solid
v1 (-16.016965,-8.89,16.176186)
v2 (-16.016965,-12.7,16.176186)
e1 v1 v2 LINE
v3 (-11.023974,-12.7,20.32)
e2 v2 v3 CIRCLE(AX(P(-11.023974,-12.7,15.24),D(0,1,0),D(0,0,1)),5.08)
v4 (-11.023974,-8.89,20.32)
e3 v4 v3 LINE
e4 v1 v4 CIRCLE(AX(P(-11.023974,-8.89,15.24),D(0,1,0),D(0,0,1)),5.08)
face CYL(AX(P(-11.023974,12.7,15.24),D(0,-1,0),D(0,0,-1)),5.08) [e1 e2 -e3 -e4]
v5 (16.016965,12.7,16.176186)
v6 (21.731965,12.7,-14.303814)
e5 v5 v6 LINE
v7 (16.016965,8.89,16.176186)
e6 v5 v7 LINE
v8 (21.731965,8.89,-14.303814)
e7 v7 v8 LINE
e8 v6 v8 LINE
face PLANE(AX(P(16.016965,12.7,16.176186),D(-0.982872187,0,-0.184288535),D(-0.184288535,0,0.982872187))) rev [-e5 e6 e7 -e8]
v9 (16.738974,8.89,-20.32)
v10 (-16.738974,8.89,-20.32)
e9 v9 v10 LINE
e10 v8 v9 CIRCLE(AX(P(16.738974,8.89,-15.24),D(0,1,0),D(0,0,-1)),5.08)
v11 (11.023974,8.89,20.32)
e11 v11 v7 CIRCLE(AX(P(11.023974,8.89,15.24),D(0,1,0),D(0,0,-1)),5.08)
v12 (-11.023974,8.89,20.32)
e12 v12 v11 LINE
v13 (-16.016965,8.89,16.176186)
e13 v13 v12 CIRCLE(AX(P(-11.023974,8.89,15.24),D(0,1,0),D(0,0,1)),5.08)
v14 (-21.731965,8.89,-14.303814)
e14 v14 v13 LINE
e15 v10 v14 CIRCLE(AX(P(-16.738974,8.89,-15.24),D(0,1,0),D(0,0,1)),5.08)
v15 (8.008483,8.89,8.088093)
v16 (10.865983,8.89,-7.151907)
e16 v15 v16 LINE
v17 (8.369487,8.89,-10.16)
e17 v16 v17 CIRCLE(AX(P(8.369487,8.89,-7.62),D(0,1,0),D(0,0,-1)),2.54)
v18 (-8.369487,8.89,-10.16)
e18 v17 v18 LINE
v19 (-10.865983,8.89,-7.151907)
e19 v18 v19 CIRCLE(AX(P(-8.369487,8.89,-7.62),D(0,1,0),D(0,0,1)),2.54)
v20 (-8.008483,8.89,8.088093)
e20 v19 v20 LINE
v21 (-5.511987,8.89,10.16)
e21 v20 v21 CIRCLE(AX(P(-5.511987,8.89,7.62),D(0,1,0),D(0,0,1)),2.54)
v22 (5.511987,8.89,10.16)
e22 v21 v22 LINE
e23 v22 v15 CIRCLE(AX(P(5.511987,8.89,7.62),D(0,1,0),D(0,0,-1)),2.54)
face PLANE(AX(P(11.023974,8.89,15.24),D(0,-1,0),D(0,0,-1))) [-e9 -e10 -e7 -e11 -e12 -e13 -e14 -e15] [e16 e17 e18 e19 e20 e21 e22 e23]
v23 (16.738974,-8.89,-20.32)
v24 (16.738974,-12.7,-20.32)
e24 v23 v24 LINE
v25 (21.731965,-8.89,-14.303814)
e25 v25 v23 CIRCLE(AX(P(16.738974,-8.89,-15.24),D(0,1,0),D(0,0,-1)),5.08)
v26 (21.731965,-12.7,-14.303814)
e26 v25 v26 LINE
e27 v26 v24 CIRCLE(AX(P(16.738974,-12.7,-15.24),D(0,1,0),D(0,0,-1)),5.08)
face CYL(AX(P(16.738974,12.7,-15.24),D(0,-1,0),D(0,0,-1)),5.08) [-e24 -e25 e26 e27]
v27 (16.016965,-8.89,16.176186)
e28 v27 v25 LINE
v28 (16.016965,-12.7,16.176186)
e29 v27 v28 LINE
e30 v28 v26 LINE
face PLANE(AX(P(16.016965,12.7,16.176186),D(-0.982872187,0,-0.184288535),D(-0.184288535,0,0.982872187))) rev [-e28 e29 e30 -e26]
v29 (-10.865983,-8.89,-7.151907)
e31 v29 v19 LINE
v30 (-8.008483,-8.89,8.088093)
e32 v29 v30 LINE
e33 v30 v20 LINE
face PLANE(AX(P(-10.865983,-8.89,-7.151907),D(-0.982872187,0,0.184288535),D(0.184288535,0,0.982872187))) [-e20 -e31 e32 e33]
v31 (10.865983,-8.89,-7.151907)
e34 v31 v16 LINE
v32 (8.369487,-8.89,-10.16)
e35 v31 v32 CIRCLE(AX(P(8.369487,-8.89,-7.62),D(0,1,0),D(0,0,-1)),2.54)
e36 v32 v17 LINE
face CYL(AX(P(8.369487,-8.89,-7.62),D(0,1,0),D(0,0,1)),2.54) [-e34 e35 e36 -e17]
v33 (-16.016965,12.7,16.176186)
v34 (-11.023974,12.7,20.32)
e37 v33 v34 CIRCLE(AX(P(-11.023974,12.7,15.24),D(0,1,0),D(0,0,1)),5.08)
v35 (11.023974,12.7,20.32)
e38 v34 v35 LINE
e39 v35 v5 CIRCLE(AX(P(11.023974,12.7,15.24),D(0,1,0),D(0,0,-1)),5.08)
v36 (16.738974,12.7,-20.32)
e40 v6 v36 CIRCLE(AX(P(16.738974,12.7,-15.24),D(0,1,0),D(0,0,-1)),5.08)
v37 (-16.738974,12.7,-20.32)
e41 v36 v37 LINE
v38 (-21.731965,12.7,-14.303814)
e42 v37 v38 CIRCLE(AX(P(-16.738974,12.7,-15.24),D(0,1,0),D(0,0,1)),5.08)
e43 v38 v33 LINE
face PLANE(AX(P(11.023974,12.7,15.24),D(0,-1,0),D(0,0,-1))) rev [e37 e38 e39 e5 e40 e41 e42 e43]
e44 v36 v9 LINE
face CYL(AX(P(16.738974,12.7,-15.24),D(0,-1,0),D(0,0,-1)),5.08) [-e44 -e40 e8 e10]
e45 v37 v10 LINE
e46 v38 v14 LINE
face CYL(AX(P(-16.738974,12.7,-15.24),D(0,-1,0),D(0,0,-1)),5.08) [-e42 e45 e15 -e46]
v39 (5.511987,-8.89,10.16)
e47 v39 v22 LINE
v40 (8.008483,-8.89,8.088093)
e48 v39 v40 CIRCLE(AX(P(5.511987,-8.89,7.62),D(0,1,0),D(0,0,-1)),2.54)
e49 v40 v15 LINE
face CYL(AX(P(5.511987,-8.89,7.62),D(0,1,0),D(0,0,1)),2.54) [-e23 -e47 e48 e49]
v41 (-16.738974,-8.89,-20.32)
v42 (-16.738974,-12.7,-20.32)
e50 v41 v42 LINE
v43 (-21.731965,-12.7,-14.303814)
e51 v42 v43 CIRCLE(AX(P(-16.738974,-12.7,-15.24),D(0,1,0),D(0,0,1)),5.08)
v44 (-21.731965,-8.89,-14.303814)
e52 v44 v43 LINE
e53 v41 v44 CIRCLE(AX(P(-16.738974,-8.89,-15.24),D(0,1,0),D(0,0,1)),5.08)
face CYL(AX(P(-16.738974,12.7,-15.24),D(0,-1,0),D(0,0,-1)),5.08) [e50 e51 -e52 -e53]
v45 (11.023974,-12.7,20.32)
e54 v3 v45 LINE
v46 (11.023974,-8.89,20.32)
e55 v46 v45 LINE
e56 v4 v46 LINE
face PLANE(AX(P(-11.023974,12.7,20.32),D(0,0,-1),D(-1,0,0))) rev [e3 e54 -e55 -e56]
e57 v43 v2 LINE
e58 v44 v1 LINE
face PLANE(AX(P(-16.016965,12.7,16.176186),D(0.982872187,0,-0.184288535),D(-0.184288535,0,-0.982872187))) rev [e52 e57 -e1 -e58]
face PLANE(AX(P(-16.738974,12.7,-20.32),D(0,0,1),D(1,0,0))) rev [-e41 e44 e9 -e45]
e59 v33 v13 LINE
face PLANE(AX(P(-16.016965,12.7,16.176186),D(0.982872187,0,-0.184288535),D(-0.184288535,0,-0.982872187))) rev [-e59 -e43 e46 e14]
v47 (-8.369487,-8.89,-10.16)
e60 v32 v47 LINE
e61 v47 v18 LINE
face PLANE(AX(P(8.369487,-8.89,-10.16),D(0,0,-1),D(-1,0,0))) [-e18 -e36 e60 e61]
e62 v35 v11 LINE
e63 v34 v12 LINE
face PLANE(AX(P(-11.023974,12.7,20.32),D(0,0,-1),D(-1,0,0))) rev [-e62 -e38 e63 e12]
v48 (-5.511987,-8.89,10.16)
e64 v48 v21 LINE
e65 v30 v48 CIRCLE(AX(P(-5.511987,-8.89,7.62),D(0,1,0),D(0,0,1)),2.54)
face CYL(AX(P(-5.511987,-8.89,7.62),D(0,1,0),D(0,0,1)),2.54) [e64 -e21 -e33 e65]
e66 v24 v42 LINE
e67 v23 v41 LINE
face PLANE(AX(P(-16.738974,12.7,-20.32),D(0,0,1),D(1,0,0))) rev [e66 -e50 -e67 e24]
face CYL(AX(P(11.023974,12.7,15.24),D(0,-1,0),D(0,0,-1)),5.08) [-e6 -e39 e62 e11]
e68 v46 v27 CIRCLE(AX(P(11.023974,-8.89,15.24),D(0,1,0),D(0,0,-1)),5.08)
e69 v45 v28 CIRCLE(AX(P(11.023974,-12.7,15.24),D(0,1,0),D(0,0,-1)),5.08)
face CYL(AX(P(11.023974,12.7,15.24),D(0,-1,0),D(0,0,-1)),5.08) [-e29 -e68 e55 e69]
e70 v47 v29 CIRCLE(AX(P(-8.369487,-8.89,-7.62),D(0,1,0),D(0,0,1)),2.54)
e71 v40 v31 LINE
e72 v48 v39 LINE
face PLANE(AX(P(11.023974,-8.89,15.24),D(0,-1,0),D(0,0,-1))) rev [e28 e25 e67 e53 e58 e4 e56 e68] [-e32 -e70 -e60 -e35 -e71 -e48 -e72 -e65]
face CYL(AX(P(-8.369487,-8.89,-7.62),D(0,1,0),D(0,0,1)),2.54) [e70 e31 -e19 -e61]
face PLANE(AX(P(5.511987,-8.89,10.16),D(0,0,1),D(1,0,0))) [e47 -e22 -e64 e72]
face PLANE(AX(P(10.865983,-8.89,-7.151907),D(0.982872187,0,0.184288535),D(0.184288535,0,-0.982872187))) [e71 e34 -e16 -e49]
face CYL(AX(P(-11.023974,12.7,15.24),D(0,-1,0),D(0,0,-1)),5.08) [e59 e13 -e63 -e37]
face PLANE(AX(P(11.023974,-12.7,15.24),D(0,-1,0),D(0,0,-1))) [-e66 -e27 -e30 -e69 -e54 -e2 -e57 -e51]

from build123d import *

# Parameters (mm, degrees)
BOSS_EXTRUDE1_DEPTH = 12.7
CUT_EXTRUDE1_DEPTH  = 8.89


with BuildPart() as part:
    # Sketch1 → Boss-Extrude1 (new, symmetric)
    with BuildSketch(Plane(origin=(0, 0, 0), x_dir=(1, 0, 0), z_dir=(0, 1, 0))):
        with BuildLine():
            Line((-16.738974461, 20.32), (16.738974461, 20.32))
            ThreePointArc((16.738974461, 20.32), (20.64808073, 18.484270053), (21.73196517, 14.303814242))
            Line((21.73196517, 14.303814242), (16.01696517, -16.176185758))
            ThreePointArc((16.01696517, -16.176185758), (14.268244513, -19.149106269), (11.023974461, -20.32))
            Line((11.023974461, -20.32), (-11.023974461, -20.32))
            ThreePointArc((-11.023974461, -20.32), (-14.268244513, -19.149106269), (-16.01696517, -16.176185758))
            Line((-16.01696517, -16.176185758), (-21.73196517, 14.303814242))
            ThreePointArc((-21.73196517, 14.303814242), (-20.64808073, 18.484270053), (-16.738974461, 20.32))
        make_face()
    extrude(amount=BOSS_EXTRUDE1_DEPTH, both=True)

    # Sketch3 → Cut-Extrude1 (cut, symmetric)
    with BuildSketch(Plane(origin=(0, 0, 0), x_dir=(1, 0, 0), z_dir=(0, 1, 0))):
        with BuildLine():
            Line((-16.738974461, 20.32), (16.738974461, 20.32))
            ThreePointArc((16.738974461, 20.32), (20.64808073, 18.484270053), (21.73196517, 14.303814242))
            Line((21.73196517, 14.303814242), (16.01696517, -16.176185758))
            ThreePointArc((16.01696517, -16.176185758), (14.268244513, -19.149106269), (11.023974461, -20.32))
            Line((11.023974461, -20.32), (-11.023974461, -20.32))
            ThreePointArc((-11.023974461, -20.32), (-14.268244513, -19.149106269), (-16.01696517, -16.176185758))
            Line((-16.01696517, -16.176185758), (-21.73196517, 14.303814242))
            ThreePointArc((-21.73196517, 14.303814242), (-20.64808073, 18.484270053), (-16.738974461, 20.32))
        make_face()
        with BuildLine():
            Line((5.51198723, -10.16), (-5.51198723, -10.16))
            ThreePointArc((-5.51198723, -10.16), (-7.134122257, -9.574553135), (-8.008482585, -8.088092879))
            Line((-8.008482585, -8.088092879), (-10.865982585, 7.151907121))
            ThreePointArc((-10.865982585, 7.151907121), (-10.324040365, 9.242135026), (-8.36948723, 10.16))
            Line((-8.36948723, 10.16), (8.36948723, 10.16))
            ThreePointArc((8.36948723, 10.16), (10.324040365, 9.242135026), (10.865982585, 7.151907121))
            Line((10.865982585, 7.151907121), (8.008482585, -8.088092879))
            ThreePointArc((8.008482585, -8.088092879), (7.134122257, -9.574553135), (5.51198723, -10.16))
        make_face(mode=Mode.SUBTRACT)
    extrude(amount=CUT_EXTRUDE1_DEPTH, both=True, mode=Mode.SUBTRACT)


solid = part.part
